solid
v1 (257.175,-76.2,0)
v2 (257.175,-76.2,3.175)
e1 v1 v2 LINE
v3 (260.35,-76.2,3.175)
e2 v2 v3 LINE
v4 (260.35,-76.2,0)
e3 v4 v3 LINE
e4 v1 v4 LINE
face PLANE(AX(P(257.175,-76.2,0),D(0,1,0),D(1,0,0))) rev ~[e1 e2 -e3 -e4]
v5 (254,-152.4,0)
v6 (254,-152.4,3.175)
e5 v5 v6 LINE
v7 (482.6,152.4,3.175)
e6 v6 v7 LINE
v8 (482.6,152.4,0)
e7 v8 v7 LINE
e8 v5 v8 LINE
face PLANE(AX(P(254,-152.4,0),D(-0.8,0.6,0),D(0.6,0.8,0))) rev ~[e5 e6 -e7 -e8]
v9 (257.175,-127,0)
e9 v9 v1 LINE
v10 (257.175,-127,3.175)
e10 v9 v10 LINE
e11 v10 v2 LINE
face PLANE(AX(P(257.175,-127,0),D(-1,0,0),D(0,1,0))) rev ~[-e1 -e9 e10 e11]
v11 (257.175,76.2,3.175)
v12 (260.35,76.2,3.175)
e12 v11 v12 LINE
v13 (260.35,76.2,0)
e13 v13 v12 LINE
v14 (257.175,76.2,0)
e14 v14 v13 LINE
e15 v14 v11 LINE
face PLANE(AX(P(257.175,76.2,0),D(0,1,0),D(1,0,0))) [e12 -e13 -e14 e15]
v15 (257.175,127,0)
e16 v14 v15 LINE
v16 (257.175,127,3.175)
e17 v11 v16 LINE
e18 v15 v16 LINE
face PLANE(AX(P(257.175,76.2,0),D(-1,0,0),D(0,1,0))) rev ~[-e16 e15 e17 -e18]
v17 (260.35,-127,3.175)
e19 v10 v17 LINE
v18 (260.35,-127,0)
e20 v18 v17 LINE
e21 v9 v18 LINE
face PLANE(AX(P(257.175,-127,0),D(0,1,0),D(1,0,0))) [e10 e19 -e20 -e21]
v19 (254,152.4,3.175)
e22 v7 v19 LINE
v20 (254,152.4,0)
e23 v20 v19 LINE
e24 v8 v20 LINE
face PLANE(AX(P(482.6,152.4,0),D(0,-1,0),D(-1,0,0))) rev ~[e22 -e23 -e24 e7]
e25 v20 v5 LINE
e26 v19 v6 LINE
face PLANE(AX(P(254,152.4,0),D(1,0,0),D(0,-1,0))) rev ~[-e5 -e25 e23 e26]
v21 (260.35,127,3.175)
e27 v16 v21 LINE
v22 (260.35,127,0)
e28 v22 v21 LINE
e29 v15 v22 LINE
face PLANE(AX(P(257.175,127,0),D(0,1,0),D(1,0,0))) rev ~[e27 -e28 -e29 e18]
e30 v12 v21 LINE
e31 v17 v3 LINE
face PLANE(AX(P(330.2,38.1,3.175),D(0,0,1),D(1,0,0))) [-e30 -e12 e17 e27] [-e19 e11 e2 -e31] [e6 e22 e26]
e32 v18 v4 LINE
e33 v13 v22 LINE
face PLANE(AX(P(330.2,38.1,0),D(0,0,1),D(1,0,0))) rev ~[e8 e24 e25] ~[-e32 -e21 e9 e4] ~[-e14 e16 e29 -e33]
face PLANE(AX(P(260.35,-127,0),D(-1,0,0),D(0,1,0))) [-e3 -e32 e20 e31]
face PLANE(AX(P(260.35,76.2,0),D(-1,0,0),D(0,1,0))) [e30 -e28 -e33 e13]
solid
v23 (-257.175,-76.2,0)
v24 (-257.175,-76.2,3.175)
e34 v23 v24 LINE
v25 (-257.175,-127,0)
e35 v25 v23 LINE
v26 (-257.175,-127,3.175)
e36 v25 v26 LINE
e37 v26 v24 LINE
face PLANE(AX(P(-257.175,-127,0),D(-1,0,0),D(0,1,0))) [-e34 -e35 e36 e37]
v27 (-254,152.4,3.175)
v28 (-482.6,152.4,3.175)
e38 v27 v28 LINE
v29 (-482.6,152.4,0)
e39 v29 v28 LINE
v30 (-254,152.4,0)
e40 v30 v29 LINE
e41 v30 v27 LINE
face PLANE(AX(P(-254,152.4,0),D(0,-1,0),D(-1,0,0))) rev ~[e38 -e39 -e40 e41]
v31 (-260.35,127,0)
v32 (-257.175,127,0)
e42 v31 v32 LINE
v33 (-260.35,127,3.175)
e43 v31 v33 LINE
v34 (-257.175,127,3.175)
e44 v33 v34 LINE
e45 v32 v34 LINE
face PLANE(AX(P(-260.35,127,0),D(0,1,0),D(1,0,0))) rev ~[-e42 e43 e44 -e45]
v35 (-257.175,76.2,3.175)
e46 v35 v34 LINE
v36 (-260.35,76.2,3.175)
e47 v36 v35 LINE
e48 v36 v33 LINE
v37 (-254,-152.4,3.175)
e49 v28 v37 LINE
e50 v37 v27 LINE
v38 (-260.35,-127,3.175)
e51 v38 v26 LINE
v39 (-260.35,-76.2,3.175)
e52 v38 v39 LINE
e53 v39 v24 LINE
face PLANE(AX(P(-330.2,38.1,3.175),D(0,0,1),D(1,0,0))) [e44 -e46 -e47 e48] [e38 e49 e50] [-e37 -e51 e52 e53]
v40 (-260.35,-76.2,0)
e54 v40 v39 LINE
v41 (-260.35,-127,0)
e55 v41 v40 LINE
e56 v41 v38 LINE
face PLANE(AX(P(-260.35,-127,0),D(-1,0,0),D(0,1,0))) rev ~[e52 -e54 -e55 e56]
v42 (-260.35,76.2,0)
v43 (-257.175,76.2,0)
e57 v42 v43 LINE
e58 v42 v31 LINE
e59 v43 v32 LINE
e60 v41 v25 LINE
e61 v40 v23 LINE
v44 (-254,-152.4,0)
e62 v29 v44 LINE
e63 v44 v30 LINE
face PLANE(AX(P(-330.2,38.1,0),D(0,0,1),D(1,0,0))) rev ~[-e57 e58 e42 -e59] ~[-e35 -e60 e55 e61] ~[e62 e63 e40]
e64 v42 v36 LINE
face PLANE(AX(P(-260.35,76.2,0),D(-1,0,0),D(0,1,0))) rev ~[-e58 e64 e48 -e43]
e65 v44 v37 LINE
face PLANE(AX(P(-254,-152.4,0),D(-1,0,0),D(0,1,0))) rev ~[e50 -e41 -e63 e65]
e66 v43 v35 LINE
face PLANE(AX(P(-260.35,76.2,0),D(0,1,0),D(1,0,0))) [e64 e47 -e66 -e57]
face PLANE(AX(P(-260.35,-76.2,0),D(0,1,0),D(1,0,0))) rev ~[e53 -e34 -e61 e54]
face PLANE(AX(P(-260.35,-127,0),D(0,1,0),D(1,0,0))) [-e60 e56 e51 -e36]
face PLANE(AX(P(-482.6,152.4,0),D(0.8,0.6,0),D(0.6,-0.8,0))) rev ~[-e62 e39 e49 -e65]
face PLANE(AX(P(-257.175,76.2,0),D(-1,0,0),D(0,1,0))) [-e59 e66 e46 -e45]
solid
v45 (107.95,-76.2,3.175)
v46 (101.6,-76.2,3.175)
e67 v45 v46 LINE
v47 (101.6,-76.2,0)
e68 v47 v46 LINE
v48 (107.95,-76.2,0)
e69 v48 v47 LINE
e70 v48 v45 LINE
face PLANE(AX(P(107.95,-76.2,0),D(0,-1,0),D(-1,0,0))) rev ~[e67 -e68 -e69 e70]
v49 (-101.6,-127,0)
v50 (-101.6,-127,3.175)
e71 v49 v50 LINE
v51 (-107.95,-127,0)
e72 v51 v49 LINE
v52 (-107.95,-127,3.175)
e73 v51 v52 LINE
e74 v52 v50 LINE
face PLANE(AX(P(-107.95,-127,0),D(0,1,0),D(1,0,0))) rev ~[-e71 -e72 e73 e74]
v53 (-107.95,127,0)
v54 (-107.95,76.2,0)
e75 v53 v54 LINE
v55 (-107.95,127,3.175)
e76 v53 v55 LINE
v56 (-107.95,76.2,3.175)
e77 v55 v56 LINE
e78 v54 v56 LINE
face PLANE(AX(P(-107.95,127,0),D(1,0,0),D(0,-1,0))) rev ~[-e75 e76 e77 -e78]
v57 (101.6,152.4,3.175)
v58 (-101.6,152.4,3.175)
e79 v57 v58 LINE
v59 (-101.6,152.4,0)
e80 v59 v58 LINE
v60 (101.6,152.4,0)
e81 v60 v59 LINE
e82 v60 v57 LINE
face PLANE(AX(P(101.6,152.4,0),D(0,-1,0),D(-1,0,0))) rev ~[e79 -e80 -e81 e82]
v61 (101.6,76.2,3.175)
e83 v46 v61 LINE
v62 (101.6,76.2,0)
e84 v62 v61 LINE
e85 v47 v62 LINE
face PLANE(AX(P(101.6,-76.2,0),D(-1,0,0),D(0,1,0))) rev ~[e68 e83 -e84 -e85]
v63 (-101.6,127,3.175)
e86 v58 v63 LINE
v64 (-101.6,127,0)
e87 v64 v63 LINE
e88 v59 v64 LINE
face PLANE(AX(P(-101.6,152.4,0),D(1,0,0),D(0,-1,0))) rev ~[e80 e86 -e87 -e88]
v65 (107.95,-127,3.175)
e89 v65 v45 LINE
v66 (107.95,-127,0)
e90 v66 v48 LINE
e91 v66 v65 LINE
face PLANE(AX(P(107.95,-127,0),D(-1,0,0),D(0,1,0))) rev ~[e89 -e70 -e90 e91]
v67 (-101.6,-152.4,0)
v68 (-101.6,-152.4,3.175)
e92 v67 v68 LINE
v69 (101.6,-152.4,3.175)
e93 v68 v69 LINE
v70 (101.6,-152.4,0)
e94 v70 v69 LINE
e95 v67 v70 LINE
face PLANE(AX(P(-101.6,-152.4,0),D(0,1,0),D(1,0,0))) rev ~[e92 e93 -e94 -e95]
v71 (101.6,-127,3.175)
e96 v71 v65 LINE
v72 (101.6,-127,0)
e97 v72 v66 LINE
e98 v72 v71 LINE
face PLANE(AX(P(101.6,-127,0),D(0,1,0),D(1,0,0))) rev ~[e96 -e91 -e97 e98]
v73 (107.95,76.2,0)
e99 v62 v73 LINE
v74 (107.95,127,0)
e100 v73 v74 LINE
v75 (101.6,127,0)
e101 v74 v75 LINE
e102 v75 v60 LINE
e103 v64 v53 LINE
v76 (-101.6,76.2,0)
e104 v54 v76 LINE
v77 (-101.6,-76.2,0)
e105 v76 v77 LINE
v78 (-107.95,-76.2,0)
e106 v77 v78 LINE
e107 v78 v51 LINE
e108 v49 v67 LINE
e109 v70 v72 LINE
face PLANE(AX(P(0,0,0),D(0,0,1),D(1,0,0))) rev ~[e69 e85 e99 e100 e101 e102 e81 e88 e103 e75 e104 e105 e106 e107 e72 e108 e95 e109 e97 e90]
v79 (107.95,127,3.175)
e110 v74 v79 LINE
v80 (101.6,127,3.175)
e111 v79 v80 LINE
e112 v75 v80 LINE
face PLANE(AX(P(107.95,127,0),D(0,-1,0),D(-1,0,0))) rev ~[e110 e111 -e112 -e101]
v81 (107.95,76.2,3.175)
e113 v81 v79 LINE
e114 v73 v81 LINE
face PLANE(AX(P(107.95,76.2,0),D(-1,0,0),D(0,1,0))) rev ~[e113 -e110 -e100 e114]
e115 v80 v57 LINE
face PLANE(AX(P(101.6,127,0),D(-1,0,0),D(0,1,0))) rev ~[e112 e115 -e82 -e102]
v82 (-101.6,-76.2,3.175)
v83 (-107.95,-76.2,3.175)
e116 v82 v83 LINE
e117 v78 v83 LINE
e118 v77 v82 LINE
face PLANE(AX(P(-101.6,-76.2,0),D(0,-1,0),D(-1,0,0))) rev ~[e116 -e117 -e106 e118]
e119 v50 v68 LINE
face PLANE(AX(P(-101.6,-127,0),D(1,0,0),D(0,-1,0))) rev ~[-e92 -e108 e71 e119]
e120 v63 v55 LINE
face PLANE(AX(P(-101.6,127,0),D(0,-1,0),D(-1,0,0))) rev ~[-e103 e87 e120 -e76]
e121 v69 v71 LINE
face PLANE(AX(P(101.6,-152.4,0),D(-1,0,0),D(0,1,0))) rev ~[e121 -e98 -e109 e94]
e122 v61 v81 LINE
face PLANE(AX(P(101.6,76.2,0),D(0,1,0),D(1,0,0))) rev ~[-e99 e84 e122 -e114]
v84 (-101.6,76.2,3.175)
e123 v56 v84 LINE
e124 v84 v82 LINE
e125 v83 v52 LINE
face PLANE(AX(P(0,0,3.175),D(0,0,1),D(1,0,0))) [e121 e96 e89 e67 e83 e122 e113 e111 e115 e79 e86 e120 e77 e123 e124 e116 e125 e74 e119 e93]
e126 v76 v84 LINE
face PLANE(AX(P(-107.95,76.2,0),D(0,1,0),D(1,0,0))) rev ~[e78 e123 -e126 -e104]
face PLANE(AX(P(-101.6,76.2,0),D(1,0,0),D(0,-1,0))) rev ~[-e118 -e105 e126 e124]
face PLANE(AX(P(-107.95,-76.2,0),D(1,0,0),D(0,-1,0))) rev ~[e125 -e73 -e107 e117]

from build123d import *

# Parameters (mm, degrees)
F0_W     = 3.175
F0_H     = 50.8
F1_DEPTH = 3.175


with BuildPart() as f1:
    # F0 (on Top) → F1 (new body)
    with BuildSketch(Plane.XY):
        Polygon((101.6, 152.4), (0, 152.4), (-101.6, 152.4), (-101.6, 127), (-107.95, 127), (-107.95, 76.2), (-101.6, 76.2), (-101.6, 0), (-101.6, -76.2), (-107.95, -76.2), (-107.95, -127), (-101.6, -127), (-101.6, -152.4), (0, -152.4), (101.6, -152.4), (101.6, -127), (107.95, -127), (107.95, -76.2), (101.6, -76.2), (101.6, 0), (101.6, 76.2), (107.95, 76.2), (107.95, 127), (101.6, 127), align=None)
        Polygon((-482.6, 152.4), (-254, -152.4), (-254, 152.4), align=None)
        with Locations((-258.7625, -101.6)):
            Rectangle(F0_W, F0_H, mode=Mode.SUBTRACT)
        with Locations((-258.7625, 101.6)):
            Rectangle(F0_W, F0_H, mode=Mode.SUBTRACT)
        Polygon((254, 152.4), (254, -152.4), (482.6, 152.4), align=None)
        with Locations((258.7625, -101.6)):
            Rectangle(F0_W, F0_H, mode=Mode.SUBTRACT)
        with Locations((258.7625, 101.6)):
            Rectangle(F0_W, F0_H, mode=Mode.SUBTRACT)
    extrude(amount=F1_DEPTH)


solid = f1.part
